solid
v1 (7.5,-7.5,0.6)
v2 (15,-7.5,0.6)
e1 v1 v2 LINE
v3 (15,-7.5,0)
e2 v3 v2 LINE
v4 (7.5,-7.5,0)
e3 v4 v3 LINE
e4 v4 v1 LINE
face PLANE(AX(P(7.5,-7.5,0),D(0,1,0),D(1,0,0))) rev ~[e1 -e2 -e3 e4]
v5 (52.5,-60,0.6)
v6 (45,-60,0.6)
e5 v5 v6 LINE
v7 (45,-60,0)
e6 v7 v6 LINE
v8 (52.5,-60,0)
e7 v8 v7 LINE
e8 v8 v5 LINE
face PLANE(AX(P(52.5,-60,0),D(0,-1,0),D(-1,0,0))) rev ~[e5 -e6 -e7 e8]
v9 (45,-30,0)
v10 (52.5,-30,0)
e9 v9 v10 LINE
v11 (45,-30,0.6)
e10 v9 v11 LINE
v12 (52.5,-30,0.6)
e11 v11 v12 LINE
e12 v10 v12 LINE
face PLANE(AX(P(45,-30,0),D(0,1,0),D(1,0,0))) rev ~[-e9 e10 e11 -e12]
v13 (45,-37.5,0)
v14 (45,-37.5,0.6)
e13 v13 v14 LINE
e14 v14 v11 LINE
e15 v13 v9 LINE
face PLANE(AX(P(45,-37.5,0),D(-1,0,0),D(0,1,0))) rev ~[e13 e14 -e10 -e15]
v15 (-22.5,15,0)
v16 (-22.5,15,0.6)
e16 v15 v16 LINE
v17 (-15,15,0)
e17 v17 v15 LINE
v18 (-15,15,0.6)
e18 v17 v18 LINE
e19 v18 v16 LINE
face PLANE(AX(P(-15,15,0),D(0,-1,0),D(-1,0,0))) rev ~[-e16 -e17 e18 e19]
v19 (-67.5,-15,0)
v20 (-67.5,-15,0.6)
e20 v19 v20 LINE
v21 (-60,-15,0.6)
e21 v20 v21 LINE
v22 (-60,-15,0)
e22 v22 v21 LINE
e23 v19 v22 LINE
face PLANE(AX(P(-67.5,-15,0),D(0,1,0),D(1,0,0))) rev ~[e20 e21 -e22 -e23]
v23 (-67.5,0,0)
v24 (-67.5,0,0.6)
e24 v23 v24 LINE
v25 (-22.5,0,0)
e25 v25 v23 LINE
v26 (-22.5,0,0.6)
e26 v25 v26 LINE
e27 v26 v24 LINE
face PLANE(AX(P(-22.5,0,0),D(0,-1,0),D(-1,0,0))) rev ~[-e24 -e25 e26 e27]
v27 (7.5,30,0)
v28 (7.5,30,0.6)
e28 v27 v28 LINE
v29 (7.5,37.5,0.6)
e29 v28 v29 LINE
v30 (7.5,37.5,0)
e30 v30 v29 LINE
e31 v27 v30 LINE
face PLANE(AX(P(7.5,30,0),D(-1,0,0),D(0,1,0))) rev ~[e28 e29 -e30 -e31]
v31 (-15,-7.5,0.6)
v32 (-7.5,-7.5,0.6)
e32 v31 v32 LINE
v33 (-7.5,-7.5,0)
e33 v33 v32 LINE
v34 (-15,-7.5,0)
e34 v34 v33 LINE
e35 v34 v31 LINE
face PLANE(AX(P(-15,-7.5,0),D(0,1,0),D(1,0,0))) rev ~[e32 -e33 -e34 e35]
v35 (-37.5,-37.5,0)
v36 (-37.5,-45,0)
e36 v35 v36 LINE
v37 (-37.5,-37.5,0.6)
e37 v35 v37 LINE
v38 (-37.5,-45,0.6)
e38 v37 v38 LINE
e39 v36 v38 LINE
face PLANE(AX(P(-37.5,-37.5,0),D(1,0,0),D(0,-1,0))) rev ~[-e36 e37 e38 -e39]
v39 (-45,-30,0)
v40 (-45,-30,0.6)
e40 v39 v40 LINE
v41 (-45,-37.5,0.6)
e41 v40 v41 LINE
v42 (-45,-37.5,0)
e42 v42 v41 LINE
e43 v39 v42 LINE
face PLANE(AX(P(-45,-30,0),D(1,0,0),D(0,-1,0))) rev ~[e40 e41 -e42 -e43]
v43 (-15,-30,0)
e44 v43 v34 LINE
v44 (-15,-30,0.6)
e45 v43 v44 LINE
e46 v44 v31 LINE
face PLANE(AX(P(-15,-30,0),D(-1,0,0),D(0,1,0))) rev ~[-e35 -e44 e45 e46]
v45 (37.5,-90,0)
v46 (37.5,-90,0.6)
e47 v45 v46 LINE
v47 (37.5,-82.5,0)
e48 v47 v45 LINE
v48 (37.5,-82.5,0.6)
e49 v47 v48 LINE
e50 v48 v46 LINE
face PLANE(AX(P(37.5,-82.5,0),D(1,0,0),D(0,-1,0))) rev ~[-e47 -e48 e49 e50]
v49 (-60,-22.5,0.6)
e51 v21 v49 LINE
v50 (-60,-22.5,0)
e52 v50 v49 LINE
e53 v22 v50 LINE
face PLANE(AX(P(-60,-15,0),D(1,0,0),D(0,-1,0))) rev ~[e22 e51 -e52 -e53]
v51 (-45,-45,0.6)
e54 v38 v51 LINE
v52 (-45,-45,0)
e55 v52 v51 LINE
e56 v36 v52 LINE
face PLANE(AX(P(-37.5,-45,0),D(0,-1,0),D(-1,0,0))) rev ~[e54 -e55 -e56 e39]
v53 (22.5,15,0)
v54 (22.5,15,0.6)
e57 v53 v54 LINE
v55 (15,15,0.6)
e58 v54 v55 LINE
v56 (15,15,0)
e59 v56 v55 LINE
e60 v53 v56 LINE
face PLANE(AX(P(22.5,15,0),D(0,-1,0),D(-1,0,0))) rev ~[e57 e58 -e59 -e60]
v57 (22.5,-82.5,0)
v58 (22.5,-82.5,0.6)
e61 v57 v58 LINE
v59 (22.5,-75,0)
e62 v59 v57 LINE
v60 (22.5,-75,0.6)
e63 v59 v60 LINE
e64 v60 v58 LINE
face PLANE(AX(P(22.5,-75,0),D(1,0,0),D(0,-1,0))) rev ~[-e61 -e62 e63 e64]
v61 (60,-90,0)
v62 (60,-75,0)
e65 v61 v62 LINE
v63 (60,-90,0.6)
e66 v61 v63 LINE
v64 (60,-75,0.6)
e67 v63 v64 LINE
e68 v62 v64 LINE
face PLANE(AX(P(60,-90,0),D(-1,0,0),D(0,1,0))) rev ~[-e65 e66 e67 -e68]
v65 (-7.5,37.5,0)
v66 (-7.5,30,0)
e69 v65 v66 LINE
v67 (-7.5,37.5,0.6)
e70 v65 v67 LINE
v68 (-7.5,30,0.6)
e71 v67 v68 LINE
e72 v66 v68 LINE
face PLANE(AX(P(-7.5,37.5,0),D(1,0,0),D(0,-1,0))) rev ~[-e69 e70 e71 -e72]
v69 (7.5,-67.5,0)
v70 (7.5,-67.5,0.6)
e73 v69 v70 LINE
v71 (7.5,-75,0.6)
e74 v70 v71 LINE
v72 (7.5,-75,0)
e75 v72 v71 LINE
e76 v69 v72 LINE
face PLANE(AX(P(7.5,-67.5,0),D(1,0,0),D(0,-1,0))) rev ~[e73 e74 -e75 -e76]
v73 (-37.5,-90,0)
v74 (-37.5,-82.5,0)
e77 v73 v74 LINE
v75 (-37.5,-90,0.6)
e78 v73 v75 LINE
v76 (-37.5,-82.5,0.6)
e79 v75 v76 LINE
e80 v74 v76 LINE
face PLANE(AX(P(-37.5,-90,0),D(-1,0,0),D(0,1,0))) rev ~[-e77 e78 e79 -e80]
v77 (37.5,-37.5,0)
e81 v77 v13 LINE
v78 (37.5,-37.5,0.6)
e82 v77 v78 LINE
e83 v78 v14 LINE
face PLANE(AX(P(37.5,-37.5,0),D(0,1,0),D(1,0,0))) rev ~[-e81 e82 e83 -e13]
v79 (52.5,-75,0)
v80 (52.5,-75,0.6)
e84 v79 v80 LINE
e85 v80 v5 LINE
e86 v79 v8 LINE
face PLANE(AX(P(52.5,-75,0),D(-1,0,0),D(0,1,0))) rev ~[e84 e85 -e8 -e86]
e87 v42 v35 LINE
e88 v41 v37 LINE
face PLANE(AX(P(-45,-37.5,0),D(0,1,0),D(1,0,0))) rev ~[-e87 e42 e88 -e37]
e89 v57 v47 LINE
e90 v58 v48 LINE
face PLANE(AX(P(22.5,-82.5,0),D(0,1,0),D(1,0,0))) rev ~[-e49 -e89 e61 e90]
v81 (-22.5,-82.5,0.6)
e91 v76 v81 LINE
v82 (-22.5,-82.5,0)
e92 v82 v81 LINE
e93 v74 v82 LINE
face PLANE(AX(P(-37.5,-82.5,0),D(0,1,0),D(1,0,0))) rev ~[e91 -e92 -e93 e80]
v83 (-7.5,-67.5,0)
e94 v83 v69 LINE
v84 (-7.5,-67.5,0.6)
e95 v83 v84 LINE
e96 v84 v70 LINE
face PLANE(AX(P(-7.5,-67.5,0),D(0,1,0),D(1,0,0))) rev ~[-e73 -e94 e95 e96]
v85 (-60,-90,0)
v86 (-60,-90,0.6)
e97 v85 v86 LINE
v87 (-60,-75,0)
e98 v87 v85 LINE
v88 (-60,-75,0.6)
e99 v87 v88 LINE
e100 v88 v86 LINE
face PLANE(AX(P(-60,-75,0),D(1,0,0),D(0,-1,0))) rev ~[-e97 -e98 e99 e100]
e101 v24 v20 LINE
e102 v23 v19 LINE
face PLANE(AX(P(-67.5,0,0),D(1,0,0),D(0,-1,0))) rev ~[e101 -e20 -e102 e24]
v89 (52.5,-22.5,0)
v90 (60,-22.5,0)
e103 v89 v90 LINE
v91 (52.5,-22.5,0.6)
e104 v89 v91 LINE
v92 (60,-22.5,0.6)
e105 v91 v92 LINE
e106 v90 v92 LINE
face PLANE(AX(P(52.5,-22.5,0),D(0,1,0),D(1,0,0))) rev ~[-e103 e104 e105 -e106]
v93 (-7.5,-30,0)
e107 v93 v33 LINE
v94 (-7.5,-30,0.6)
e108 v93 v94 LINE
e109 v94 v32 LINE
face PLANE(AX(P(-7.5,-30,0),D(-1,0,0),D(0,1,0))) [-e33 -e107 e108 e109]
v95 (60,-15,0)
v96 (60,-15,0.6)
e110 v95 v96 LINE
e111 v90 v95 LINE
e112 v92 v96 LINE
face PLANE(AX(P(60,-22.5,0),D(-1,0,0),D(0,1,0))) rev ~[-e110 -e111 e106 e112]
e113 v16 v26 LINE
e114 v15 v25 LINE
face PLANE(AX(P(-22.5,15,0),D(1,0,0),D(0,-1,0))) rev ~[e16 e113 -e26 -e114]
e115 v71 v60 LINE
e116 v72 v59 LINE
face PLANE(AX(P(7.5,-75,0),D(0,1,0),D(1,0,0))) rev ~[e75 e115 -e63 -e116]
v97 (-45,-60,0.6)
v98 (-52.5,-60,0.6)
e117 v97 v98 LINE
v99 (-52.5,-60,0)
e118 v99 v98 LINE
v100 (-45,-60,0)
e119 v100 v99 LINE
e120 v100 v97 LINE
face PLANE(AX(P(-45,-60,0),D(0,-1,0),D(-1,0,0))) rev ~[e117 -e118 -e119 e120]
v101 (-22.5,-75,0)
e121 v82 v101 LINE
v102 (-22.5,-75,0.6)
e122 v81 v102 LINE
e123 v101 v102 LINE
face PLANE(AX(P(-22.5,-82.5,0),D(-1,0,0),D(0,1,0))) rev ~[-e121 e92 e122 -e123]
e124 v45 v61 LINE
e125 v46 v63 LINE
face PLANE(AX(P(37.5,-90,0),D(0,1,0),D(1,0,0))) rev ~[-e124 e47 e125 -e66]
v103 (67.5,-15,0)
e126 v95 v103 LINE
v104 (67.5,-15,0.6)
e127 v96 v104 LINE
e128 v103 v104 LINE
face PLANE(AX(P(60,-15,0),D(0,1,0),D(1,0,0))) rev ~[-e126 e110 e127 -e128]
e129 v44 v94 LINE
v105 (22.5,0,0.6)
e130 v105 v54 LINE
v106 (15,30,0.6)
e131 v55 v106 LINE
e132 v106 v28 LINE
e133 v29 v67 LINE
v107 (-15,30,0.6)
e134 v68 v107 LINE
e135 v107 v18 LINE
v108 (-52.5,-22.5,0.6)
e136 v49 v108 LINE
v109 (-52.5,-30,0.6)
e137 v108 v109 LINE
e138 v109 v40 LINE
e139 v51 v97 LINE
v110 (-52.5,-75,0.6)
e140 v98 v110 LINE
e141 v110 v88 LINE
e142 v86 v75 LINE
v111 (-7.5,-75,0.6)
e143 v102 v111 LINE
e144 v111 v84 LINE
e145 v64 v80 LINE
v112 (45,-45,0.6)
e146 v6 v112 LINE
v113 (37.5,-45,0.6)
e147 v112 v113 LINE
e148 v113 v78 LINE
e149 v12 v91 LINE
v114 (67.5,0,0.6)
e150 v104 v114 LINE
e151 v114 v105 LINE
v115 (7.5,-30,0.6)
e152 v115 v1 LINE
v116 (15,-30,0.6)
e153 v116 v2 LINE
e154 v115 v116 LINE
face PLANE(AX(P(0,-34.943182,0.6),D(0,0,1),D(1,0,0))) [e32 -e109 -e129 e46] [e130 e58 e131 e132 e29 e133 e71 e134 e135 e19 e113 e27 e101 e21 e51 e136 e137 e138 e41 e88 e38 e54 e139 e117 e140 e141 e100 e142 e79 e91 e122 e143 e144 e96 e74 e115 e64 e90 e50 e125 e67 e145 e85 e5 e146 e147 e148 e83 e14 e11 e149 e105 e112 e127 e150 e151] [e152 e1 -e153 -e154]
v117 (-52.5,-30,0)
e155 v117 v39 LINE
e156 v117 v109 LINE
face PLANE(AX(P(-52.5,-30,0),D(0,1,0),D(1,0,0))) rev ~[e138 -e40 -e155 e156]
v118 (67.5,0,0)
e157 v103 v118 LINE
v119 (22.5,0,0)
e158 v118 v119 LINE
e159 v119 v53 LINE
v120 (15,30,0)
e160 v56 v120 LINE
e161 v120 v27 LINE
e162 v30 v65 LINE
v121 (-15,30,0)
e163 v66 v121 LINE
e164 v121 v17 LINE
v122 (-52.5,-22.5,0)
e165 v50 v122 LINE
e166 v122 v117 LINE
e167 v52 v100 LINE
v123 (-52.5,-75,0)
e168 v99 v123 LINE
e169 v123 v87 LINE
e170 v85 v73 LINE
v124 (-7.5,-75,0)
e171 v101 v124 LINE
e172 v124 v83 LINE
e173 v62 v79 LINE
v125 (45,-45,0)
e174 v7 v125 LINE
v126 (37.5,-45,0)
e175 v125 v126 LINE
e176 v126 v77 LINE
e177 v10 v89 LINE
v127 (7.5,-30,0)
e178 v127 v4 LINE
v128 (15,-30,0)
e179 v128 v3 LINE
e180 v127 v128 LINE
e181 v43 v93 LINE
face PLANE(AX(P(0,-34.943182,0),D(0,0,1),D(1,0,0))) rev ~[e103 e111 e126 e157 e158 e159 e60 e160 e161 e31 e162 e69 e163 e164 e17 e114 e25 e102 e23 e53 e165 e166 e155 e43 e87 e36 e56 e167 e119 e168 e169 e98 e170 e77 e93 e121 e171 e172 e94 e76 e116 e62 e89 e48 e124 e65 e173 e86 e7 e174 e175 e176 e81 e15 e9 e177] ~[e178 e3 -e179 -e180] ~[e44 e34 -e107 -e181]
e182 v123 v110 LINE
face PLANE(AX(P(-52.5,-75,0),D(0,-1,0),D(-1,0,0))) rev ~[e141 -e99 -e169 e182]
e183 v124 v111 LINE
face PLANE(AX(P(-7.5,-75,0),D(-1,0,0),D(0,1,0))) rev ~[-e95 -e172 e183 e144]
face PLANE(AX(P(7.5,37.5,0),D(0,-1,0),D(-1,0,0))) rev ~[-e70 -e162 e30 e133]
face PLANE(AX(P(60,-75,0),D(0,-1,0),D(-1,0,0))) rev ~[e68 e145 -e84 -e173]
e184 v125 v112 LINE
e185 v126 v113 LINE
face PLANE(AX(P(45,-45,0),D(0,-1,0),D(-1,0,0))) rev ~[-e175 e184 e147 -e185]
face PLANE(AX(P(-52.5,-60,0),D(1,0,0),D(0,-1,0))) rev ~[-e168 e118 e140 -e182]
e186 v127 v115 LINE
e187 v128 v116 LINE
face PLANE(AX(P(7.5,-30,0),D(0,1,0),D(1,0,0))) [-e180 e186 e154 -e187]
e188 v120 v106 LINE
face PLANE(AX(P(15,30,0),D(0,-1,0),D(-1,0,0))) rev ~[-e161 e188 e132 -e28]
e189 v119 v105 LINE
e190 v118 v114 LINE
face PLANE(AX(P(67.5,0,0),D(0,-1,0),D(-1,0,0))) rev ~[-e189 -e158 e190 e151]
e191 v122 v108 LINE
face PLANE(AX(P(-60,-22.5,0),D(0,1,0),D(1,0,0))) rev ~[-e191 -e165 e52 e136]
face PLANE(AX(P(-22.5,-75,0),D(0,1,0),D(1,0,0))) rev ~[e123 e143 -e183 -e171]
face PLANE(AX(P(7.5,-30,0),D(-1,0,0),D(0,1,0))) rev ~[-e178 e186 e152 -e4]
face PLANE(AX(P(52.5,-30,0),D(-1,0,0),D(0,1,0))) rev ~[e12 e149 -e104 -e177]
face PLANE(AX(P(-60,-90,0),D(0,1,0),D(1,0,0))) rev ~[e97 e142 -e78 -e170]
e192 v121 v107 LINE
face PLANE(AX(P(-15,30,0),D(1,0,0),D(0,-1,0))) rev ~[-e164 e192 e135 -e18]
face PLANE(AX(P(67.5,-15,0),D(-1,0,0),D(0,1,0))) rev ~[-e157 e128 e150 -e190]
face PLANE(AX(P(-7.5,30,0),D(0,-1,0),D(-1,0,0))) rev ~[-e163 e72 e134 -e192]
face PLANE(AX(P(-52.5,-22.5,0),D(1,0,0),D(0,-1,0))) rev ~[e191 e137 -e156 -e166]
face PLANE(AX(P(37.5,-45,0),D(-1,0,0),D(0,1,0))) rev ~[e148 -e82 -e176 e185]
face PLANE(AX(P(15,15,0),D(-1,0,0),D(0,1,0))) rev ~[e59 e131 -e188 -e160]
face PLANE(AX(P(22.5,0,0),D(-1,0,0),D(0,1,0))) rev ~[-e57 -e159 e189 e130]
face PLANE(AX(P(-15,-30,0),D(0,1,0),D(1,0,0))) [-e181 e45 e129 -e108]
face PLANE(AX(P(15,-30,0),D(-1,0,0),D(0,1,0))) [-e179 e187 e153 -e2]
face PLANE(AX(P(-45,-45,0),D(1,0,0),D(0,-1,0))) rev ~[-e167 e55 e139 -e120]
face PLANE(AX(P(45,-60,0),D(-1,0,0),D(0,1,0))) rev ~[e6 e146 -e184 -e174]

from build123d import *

# Parameters (mm, degrees)
F0_W     = 7.5
F0_H     = 22.5
F1_DEPTH = 0.6


with BuildPart() as f1:
    # F0 (on Top) → F1 (new body)
    with BuildSketch(Plane.XY):
        Polygon((7.5, 37.5), (0, 37.5), (-7.5, 37.5), (-7.5, 30), (-15, 30), (-15, 15), (-22.5, 15), (-22.5, 0), (-67.5, 0), (-67.5, -15), (-60, -15), (-60, -22.5), (-52.5, -22.5), (-52.5, -30), (-45, -30), (-45, -37.5), (-37.5, -37.5), (-37.5, -45), (-45, -45), (-45, -60), (-52.5, -60), (-52.5, -75), (-60, -75), (-60, -90), (-37.5, -90), (-37.5, -82.5), (-22.5, -82.5), (-22.5, -75), (-7.5, -75), (-7.5, -67.5), (0, -67.5), (7.5, -67.5), (7.5, -75), (22.5, -75), (22.5, -82.5), (37.5, -82.5), (37.5, -90), (60, -90), (60, -75), (52.5, -75), (52.5, -60), (45, -60), (45, -45), (37.5, -45), (37.5, -37.5), (45, -37.5), (45, -30), (52.5, -30), (52.5, -22.5), (60, -22.5), (60, -15), (67.5, -15), (67.5, 0), (22.5, 0), (22.5, 15), (15, 15), (15, 30), (7.5, 30), align=None)
        with Locations((-11.25, -18.75)):
            Rectangle(F0_W, F0_H, mode=Mode.SUBTRACT)
        with Locations((11.25, -18.75)):
            Rectangle(F0_W, F0_H, mode=Mode.SUBTRACT)
    extrude(amount=F1_DEPTH)


solid = f1.part
